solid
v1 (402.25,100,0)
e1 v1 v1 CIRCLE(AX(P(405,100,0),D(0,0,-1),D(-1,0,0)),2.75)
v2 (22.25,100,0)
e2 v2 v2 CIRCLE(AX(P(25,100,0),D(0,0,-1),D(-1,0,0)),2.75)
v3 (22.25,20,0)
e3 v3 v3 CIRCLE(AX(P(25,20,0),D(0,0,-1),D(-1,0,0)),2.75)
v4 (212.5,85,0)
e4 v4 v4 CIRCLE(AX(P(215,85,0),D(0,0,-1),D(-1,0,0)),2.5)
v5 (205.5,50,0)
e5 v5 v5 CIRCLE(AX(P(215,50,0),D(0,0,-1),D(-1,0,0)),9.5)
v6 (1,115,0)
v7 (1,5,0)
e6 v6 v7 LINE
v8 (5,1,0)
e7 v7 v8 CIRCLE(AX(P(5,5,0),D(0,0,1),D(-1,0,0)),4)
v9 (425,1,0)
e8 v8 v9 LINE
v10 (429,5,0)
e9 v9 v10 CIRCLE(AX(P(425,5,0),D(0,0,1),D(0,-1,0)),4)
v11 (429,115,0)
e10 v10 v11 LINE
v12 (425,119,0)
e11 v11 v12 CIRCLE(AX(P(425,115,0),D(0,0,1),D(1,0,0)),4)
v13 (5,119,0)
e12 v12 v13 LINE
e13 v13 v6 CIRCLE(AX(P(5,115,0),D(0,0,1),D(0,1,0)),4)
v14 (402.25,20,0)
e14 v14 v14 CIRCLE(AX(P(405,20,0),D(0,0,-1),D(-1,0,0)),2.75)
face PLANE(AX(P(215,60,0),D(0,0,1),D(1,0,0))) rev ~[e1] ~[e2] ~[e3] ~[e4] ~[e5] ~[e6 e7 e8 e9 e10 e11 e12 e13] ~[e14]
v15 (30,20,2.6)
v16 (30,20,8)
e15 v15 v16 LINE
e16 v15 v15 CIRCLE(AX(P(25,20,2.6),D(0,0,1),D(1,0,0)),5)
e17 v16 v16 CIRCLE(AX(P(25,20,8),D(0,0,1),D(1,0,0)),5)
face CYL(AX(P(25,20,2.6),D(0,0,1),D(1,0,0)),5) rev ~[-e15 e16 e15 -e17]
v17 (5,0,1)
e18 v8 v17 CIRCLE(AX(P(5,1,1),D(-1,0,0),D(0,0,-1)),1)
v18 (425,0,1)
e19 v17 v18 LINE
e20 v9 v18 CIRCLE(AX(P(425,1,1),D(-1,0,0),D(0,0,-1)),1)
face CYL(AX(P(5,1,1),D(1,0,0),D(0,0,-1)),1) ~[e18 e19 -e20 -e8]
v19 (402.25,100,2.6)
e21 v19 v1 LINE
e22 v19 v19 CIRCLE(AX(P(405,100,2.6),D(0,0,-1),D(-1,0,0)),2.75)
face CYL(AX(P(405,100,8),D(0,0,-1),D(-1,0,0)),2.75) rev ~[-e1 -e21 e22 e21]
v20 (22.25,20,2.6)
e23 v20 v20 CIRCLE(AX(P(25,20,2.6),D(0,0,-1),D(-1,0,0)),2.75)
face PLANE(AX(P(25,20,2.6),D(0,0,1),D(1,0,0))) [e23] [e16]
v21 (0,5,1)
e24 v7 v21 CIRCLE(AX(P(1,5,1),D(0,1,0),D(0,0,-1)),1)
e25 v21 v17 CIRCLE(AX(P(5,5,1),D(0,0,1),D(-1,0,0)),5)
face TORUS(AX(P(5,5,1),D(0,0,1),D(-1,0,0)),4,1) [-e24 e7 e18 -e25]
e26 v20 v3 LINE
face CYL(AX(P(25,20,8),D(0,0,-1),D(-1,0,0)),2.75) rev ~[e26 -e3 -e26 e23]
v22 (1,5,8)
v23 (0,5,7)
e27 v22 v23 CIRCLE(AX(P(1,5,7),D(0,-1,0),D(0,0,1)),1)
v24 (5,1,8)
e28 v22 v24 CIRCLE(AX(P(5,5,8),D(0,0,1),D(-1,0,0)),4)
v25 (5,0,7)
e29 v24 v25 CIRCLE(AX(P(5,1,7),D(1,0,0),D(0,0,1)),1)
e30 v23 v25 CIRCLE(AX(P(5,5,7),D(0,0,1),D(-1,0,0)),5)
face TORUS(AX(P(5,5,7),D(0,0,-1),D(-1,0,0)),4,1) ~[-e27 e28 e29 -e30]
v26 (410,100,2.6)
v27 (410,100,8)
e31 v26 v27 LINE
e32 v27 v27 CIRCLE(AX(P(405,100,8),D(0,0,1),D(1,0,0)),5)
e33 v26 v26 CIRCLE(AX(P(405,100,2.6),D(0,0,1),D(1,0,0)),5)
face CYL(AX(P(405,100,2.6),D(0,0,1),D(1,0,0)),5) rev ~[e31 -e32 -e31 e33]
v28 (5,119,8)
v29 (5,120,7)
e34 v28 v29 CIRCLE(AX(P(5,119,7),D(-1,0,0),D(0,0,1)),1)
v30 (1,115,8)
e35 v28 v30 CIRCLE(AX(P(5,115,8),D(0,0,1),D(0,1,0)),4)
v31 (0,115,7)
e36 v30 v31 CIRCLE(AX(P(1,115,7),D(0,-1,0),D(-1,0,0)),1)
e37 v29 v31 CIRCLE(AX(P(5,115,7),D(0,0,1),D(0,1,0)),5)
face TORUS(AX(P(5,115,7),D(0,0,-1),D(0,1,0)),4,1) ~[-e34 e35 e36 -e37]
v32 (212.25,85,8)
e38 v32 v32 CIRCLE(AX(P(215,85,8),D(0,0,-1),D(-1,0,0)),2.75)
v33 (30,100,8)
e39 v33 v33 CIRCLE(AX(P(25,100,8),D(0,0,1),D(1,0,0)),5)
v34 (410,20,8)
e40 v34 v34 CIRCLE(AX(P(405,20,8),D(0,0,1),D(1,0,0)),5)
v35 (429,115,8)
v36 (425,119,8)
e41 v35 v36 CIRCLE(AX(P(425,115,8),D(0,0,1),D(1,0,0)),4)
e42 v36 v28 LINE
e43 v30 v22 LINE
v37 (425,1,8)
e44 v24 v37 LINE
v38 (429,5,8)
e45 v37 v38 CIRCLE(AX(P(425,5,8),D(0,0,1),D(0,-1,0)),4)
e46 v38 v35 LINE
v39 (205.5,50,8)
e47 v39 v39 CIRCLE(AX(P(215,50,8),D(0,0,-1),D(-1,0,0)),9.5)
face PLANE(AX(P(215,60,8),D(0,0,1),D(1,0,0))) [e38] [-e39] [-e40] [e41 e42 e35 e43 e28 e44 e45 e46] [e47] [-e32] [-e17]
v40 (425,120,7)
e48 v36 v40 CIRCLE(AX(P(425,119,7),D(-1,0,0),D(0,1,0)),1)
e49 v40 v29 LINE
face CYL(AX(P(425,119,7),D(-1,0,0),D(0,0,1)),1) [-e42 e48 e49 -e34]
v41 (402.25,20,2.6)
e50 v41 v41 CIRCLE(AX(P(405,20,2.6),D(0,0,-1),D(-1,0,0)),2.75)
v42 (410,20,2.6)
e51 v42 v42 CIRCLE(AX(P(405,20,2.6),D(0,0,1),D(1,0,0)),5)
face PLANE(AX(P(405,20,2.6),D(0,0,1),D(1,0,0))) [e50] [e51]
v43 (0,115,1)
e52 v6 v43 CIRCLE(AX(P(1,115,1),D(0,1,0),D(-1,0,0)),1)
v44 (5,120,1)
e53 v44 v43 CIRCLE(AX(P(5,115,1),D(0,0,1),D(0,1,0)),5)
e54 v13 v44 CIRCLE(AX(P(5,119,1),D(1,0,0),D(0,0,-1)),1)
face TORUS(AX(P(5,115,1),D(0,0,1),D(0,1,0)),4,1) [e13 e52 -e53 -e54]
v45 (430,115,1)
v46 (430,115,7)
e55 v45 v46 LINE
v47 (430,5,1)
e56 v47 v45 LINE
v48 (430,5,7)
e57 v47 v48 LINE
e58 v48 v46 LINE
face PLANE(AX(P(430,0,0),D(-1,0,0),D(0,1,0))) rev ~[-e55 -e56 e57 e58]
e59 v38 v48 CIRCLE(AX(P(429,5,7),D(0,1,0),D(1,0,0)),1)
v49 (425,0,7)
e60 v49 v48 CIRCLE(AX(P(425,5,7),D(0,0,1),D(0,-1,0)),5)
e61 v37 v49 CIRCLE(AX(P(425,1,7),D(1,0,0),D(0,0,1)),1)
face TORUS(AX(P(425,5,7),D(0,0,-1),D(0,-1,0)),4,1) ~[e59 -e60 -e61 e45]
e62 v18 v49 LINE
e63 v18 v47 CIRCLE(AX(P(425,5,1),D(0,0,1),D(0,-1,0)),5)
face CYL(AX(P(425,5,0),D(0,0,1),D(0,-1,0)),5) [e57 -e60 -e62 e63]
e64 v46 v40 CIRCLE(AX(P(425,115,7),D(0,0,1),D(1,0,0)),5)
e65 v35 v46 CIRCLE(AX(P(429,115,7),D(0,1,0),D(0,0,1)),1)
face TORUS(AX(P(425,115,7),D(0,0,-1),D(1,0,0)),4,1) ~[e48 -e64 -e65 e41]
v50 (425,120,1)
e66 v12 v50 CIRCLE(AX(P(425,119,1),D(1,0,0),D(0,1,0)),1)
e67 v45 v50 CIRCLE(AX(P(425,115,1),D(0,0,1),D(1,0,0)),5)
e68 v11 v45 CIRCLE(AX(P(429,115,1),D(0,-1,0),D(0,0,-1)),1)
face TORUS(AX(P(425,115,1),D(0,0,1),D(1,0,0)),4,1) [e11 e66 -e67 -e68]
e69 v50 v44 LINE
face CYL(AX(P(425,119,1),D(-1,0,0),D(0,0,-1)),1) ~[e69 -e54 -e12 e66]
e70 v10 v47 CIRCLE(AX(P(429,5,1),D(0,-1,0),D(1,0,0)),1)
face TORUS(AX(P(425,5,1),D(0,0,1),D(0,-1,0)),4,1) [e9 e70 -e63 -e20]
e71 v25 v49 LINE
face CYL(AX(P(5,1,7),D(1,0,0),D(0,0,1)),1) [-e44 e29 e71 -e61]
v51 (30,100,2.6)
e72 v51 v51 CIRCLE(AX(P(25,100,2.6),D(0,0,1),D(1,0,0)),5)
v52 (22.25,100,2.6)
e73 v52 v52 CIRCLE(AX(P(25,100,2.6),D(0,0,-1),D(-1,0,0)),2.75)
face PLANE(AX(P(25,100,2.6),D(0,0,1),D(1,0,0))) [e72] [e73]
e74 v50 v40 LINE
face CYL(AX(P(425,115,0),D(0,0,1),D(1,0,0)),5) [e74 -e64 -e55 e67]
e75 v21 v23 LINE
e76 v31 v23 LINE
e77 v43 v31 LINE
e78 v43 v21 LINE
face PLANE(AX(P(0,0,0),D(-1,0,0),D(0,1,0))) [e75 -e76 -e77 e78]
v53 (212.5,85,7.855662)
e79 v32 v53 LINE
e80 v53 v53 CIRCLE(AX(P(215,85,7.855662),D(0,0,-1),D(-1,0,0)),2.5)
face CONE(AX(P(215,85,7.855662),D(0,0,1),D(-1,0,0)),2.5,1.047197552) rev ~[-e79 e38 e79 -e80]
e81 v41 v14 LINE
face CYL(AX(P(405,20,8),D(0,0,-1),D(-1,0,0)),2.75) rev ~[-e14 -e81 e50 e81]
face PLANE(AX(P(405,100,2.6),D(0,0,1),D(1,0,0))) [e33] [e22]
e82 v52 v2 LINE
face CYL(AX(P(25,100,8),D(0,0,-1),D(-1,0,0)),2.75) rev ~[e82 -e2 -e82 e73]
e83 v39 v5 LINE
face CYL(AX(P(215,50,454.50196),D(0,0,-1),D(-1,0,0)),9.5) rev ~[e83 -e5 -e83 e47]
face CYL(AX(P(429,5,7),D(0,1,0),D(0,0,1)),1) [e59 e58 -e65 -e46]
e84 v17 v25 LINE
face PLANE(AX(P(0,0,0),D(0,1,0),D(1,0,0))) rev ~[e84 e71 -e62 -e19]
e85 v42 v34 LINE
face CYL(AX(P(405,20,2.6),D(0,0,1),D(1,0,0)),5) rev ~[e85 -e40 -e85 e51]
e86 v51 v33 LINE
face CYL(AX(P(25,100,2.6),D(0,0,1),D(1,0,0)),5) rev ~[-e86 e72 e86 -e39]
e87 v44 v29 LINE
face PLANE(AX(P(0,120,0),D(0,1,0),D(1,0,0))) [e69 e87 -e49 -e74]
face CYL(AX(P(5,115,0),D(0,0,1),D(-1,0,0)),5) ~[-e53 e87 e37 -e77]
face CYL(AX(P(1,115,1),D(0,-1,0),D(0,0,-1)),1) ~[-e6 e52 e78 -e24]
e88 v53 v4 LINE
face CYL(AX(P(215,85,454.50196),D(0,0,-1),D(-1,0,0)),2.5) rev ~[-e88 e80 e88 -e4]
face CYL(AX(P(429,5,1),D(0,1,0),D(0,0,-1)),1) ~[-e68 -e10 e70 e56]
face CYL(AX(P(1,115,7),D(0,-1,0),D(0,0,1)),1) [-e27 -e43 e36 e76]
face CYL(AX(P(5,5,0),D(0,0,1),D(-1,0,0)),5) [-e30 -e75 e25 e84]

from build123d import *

# Parameters (mm, degrees)
SKETCH1_W                                           = 430
SKETCH1_H                                           = 120
EXTRUDE1_DEPTH                                      = 8
FILLET1_R                                           = 5
FILLET2_R                                           = 1
F_5_0_5_DIAMETER_HOLE1_D                            = 5
F_19_0_19_DIAMETER_HOLE1_D                          = 19
CHAMFER1_SIZE                                       = 0.25
CHAMFER1_SIZE2                                      = 0.144337567
CBORE_FOR_M5_HEX_SOCKET_HEAD_CAP_SCREW1_D           = 5.5
CBORE_FOR_M5_HEX_SOCKET_HEAD_CAP_SCREW1_CBORE_D     = 10
CBORE_FOR_M5_HEX_SOCKET_HEAD_CAP_SCREW1_CBORE_DEPTH = 5.4


with BuildPart() as part:
    # Sketch1 → Extrude1 (new body)
    with BuildSketch(Plane.XY):
        with Locations((215, 60)):
            Rectangle(SKETCH1_W, SKETCH1_H)
    extrude(amount=EXTRUDE1_DEPTH)

    # Fillet1
    fillet1_edges = [part.edges().sort_by_distance(p)[0] for p in [
        (0, 120, 4),
        (430, 120, 4),
        (430, 0, 4),
        (0, 0, 4),
    ]]
    fillet(fillet1_edges, radius=FILLET1_R)

    # Fillet2
    fillet2_edges = [part.edges().sort_by_distance(p)[0] for p in [
        (215, 0, 0),
        (215, 0, 8),
        (0, 60, 0),
        (215, 120, 0),
        (430, 60, 0),
        (1.464466094, 118.535533906, 0),
        (428.535533906, 118.535533906, 0),
        (428.535533906, 1.464466094, 0),
        (1.464466094, 1.464466094, 0),
        (0, 60, 8),
        (430, 60, 8),
        (215, 120, 8),
        (1.464466094, 118.535533906, 8),
        (428.535533906, 118.535533906, 8),
        (428.535533906, 1.464466094, 8),
        (1.464466094, 1.464466094, 8),
    ]]
    fillet(fillet2_edges, radius=FILLET2_R)

    # Ø5.0 (5) Diameter Hole1 (through all)
    with Locations(Plane(origin=(215, 85, 8), x_dir=(1, 0, 0), z_dir=(0, 0, 1))):
        with Locations((0, 0)):
            Hole(F_5_0_5_DIAMETER_HOLE1_D / 2)

    # Ø19.0 (19) Diameter Hole1 (through all)
    with Locations(Plane(origin=(215, 50, 8), x_dir=(1, 0, 0), z_dir=(0, 0, 1))):
        with Locations((0, 0)):
            Hole(F_19_0_19_DIAMETER_HOLE1_D / 2)

    # Chamfer1
    chamfer1_edges = [part.edges().sort_by_distance(p)[0] for p in [
        (217.5, 85, 8),
    ]]
    chamfer1_side = [part.faces().sort_by_distance(p)[0] for p in [
        (215, 60.046713467, 8),
    ]]
    chamfer(chamfer1_edges, length=CHAMFER1_SIZE, length2=CHAMFER1_SIZE2, reference=chamfer1_side[0])

    # CBORE for M5 Hex Socket Head Cap Screw1 (through all)
    with Locations(Plane(origin=(25, 20, 8), x_dir=(1, 0, 0), z_dir=(0, 0, 1))):
        with Locations((0, 0), (0, 80), (380, 0), (380, 80)):
            CounterBoreHole(CBORE_FOR_M5_HEX_SOCKET_HEAD_CAP_SCREW1_D / 2, CBORE_FOR_M5_HEX_SOCKET_HEAD_CAP_SCREW1_CBORE_D / 2, CBORE_FOR_M5_HEX_SOCKET_HEAD_CAP_SCREW1_CBORE_DEPTH)


solid = part.part
